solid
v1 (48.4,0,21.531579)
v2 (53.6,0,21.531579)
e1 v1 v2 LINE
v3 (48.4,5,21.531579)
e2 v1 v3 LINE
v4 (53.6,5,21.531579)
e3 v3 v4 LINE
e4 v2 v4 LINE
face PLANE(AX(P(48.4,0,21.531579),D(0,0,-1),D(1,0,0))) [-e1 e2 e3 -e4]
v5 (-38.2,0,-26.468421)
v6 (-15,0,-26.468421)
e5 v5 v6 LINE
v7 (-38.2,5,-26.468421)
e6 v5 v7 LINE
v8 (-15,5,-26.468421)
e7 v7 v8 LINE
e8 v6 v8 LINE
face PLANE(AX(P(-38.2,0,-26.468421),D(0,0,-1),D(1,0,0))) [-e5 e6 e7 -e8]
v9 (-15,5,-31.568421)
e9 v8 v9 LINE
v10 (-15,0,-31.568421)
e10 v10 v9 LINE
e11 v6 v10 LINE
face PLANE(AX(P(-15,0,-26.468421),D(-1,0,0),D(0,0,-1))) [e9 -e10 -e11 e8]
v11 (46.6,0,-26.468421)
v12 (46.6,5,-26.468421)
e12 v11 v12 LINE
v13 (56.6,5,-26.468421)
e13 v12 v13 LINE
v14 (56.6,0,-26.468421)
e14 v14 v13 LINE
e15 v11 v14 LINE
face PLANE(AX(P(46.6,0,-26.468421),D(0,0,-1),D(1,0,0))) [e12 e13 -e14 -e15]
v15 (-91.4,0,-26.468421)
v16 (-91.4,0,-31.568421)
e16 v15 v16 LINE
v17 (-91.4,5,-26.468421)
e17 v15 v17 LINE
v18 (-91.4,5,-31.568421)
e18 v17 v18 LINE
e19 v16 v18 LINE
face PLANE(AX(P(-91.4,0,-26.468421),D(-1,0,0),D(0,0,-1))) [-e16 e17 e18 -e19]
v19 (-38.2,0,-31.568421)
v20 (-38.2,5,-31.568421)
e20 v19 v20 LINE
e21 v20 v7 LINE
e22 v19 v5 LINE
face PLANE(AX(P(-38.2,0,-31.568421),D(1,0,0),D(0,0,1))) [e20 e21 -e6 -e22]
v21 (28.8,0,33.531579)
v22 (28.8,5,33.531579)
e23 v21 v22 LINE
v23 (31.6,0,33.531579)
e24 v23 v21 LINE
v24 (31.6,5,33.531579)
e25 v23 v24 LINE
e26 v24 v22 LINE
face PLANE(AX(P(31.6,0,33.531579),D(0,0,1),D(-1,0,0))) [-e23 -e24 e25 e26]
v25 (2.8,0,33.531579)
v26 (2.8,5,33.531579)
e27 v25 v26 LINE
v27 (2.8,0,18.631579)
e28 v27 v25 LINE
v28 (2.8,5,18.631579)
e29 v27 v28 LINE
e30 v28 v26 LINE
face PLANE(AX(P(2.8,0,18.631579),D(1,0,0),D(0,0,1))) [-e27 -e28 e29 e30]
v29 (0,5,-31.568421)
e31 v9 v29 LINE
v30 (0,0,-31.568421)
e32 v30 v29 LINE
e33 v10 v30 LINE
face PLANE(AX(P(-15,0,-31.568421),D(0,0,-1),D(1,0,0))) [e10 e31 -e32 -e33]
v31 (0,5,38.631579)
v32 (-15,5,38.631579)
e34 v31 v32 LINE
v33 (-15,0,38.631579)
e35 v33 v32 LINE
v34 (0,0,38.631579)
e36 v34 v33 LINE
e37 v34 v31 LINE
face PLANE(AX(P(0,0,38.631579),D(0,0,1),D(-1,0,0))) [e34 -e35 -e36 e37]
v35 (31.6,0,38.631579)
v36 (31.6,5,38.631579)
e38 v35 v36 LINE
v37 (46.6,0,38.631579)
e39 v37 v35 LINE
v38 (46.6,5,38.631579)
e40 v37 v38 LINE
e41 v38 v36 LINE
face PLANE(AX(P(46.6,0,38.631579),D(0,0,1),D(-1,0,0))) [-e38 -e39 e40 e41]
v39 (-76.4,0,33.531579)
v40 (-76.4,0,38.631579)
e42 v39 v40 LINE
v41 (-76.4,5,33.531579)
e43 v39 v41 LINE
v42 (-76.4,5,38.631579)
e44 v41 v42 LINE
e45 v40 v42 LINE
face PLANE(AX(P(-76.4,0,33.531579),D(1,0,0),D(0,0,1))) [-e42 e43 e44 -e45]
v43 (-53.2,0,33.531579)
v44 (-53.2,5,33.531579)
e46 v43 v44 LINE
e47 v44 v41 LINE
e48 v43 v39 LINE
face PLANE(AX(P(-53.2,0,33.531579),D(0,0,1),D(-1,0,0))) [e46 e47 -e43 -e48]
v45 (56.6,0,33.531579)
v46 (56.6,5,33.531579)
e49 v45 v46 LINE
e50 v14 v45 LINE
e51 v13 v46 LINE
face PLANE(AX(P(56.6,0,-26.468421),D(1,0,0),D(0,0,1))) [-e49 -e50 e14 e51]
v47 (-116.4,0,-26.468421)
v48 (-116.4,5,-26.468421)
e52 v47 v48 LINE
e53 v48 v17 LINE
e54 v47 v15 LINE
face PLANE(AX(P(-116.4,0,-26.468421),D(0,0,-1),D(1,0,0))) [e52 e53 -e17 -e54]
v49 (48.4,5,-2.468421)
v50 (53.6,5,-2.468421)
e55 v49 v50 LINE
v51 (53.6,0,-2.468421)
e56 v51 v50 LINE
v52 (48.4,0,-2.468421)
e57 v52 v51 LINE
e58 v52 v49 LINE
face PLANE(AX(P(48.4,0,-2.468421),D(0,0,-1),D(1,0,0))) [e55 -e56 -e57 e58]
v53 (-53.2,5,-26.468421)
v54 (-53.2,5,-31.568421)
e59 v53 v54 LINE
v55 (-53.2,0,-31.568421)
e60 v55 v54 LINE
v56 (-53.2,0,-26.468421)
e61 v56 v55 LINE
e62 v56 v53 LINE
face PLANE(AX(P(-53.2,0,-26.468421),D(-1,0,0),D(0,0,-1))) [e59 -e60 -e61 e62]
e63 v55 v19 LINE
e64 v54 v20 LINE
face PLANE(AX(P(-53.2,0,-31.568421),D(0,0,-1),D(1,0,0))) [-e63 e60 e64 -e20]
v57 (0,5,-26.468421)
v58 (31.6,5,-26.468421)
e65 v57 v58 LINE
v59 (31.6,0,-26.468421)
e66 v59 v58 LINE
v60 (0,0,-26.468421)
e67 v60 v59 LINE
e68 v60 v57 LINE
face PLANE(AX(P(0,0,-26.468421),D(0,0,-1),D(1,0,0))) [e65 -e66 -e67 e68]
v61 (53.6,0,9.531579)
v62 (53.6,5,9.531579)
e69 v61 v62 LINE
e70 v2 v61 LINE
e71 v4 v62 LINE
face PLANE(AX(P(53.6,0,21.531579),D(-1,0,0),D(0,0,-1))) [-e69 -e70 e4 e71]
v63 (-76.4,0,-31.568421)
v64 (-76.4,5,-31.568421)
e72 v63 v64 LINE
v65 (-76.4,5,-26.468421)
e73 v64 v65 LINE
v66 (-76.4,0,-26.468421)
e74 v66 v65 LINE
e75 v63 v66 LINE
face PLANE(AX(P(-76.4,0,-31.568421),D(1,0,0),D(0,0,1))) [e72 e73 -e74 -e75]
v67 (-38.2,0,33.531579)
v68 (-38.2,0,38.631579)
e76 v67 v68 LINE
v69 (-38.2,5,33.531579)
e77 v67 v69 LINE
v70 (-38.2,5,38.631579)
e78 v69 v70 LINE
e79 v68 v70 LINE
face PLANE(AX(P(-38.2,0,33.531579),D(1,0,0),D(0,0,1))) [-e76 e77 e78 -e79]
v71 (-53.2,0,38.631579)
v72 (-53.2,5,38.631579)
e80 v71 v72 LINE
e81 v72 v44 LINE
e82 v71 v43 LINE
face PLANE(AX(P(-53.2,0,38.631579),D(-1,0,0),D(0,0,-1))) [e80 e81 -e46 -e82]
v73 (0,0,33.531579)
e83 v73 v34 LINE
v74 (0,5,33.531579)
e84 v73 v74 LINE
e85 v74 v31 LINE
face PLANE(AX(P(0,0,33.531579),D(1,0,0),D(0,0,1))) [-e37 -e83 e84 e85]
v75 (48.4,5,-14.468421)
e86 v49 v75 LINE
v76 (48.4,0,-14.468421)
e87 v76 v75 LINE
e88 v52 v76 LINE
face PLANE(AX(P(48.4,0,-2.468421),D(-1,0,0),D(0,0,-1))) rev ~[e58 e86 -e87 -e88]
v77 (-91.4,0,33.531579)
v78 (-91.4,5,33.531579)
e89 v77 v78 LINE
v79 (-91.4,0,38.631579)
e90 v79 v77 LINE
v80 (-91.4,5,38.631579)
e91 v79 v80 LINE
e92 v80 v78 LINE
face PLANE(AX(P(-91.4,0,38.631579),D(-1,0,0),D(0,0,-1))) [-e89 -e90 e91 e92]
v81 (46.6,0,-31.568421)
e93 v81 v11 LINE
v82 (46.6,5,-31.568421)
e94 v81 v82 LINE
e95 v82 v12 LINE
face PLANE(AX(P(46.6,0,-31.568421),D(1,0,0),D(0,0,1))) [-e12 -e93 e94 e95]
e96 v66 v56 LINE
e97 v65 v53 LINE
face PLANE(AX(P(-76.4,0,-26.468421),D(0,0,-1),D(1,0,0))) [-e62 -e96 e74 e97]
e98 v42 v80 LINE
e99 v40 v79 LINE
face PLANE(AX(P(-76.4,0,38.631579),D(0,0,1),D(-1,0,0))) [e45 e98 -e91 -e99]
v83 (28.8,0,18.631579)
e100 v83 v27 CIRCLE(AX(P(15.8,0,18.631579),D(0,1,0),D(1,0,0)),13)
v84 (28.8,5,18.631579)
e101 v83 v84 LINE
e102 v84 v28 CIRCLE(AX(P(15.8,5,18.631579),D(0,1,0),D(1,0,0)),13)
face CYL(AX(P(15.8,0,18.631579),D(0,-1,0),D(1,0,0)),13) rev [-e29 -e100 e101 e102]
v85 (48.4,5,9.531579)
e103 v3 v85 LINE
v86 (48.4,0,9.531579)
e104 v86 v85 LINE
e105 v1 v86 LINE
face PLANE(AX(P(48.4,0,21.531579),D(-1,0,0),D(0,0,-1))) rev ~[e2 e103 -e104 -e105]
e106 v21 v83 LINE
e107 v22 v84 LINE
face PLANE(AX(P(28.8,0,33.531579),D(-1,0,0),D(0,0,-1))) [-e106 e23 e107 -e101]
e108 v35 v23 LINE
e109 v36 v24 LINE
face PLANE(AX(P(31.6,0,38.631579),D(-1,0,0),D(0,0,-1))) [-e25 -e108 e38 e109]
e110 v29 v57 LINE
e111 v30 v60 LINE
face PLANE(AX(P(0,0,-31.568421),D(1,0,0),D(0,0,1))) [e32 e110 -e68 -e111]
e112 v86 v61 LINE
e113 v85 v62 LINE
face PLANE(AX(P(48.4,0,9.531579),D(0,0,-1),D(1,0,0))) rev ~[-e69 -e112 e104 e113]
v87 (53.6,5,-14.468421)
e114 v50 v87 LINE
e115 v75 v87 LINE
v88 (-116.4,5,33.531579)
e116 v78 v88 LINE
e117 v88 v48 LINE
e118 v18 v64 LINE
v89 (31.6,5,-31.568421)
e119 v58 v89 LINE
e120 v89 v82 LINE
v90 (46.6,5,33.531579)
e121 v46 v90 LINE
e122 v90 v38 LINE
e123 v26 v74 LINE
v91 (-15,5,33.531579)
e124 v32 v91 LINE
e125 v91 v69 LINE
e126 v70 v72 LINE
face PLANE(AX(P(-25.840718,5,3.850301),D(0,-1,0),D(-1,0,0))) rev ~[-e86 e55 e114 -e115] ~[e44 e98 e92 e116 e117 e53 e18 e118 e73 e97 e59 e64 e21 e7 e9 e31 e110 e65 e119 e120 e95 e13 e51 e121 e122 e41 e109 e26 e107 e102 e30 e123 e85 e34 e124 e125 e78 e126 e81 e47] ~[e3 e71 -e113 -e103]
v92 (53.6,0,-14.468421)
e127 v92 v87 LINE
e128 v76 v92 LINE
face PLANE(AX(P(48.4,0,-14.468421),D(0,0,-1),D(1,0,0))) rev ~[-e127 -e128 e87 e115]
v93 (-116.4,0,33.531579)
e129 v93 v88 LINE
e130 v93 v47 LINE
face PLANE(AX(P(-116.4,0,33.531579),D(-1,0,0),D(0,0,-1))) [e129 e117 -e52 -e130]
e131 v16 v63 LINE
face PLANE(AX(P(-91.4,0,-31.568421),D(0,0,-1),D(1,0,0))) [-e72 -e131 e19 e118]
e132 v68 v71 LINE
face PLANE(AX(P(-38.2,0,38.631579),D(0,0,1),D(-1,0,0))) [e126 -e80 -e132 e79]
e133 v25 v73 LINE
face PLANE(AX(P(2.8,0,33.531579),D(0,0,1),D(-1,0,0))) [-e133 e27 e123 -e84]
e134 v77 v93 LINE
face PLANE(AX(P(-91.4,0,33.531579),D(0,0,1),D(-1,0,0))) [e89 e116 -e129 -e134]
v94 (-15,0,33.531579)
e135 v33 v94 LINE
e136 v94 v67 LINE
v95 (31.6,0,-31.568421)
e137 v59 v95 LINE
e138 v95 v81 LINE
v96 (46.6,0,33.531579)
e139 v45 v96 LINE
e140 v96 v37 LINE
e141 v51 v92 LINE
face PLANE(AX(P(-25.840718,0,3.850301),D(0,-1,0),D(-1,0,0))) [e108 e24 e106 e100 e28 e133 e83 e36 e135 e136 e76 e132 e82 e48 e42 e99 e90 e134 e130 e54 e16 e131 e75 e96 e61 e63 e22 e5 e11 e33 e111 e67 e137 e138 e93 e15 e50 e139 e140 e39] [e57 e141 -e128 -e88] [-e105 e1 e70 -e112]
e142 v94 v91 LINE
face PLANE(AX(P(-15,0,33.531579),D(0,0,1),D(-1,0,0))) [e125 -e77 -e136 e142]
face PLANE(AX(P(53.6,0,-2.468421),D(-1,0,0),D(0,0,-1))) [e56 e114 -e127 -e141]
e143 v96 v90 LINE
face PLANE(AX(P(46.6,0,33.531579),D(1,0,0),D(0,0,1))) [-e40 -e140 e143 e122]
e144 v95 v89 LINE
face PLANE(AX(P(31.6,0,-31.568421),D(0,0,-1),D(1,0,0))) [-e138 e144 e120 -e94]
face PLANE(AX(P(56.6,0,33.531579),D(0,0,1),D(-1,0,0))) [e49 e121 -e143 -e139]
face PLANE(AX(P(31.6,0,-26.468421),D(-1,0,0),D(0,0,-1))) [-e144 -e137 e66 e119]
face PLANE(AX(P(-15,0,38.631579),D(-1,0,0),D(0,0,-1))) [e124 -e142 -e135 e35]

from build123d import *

# Parameters (mm, degrees)
SKETCH1_W           = 5.2
SKETCH1_H           = 12
BOSS_EXTRUDE1_DEPTH = 5


with BuildPart() as part:
    # Sketch1 → Boss-Extrude1 (new body)
    with BuildSketch(Plane(origin=(0, 0, 0), x_dir=(1, 0, 0), z_dir=(0, 1, 0))):
        with BuildLine():
            Line((56.6, 26.468421053), (56.6, -33.531578947))
            Line((56.6, -33.531578947), (46.6, -33.531578947))
            Line((46.6, -33.531578947), (46.6, -38.631578947))
            Line((46.6, -38.631578947), (31.6, -38.631578947))
            Line((31.6, -38.631578947), (31.6, -33.531578947))
            Line((31.6, -33.531578947), (28.8, -33.531578947))
            Line((28.8, -33.531578947), (28.8, -18.631578947))
            ThreePointArc((28.8, -18.631578947), (15.8, -5.631578947), (2.8, -18.631578947))
            Line((2.8, -18.631578947), (2.8, -33.531578947))
            Line((2.8, -33.531578947), (0, -33.531578947))
            Line((0, -33.531578947), (0, -38.631578947))
            Line((0, -38.631578947), (-15, -38.631578947))
            Line((-15, -38.631578947), (-15, -33.531578947))
            Line((-15, -33.531578947), (-38.2, -33.531578947))
            Line((-38.2, -33.531578947), (-38.2, -38.631578947))
            Line((-38.2, -38.631578947), (-53.2, -38.631578947))
            Line((-53.2, -38.631578947), (-53.2, -33.531578947))
            Line((-53.2, -33.531578947), (-76.4, -33.531578947))
            Line((-76.4, -33.531578947), (-76.4, -38.631578947))
            Line((-76.4, -38.631578947), (-91.4, -38.631578947))
            Line((-91.4, -38.631578947), (-91.4, -33.531578947))
            Line((-91.4, -33.531578947), (-116.4, -33.531578947))
            Line((-116.4, -33.531578947), (-116.4, 26.468421053))
            Line((-116.4, 26.468421053), (-91.4, 26.468421053))
            Line((-91.4, 26.468421053), (-91.4, 31.568421053))
            Line((-91.4, 31.568421053), (-76.4, 31.568421053))
            Line((-76.4, 31.568421053), (-76.4, 26.468421053))
            Line((-76.4, 26.468421053), (-53.2, 26.468421053))
            Line((-53.2, 26.468421053), (-53.2, 31.568421053))
            Line((-53.2, 31.568421053), (-38.2, 31.568421053))
            Line((-38.2, 31.568421053), (-38.2, 26.468421053))
            Line((-38.2, 26.468421053), (-15, 26.468421053))
            Line((-15, 26.468421053), (-15, 31.568421053))
            Line((-15, 31.568421053), (0, 31.568421053))
            Line((0, 31.568421053), (0, 26.468421053))
            Line((0, 26.468421053), (31.6, 26.468421053))
            Line((31.6, 26.468421053), (31.6, 31.568421053))
            Line((31.6, 31.568421053), (46.6, 31.568421053))
            Line((46.6, 31.568421053), (46.6, 26.468421053))
            Line((46.6, 26.468421053), (56.6, 26.468421053))
        make_face()
        with Locations((51, 8.468421053)):
            Rectangle(SKETCH1_W, SKETCH1_H, mode=Mode.SUBTRACT)
        with Locations((51, -15.531578947)):
            Rectangle(SKETCH1_W, SKETCH1_H, mode=Mode.SUBTRACT)
    extrude(amount=BOSS_EXTRUDE1_DEPTH)


solid = part.part
